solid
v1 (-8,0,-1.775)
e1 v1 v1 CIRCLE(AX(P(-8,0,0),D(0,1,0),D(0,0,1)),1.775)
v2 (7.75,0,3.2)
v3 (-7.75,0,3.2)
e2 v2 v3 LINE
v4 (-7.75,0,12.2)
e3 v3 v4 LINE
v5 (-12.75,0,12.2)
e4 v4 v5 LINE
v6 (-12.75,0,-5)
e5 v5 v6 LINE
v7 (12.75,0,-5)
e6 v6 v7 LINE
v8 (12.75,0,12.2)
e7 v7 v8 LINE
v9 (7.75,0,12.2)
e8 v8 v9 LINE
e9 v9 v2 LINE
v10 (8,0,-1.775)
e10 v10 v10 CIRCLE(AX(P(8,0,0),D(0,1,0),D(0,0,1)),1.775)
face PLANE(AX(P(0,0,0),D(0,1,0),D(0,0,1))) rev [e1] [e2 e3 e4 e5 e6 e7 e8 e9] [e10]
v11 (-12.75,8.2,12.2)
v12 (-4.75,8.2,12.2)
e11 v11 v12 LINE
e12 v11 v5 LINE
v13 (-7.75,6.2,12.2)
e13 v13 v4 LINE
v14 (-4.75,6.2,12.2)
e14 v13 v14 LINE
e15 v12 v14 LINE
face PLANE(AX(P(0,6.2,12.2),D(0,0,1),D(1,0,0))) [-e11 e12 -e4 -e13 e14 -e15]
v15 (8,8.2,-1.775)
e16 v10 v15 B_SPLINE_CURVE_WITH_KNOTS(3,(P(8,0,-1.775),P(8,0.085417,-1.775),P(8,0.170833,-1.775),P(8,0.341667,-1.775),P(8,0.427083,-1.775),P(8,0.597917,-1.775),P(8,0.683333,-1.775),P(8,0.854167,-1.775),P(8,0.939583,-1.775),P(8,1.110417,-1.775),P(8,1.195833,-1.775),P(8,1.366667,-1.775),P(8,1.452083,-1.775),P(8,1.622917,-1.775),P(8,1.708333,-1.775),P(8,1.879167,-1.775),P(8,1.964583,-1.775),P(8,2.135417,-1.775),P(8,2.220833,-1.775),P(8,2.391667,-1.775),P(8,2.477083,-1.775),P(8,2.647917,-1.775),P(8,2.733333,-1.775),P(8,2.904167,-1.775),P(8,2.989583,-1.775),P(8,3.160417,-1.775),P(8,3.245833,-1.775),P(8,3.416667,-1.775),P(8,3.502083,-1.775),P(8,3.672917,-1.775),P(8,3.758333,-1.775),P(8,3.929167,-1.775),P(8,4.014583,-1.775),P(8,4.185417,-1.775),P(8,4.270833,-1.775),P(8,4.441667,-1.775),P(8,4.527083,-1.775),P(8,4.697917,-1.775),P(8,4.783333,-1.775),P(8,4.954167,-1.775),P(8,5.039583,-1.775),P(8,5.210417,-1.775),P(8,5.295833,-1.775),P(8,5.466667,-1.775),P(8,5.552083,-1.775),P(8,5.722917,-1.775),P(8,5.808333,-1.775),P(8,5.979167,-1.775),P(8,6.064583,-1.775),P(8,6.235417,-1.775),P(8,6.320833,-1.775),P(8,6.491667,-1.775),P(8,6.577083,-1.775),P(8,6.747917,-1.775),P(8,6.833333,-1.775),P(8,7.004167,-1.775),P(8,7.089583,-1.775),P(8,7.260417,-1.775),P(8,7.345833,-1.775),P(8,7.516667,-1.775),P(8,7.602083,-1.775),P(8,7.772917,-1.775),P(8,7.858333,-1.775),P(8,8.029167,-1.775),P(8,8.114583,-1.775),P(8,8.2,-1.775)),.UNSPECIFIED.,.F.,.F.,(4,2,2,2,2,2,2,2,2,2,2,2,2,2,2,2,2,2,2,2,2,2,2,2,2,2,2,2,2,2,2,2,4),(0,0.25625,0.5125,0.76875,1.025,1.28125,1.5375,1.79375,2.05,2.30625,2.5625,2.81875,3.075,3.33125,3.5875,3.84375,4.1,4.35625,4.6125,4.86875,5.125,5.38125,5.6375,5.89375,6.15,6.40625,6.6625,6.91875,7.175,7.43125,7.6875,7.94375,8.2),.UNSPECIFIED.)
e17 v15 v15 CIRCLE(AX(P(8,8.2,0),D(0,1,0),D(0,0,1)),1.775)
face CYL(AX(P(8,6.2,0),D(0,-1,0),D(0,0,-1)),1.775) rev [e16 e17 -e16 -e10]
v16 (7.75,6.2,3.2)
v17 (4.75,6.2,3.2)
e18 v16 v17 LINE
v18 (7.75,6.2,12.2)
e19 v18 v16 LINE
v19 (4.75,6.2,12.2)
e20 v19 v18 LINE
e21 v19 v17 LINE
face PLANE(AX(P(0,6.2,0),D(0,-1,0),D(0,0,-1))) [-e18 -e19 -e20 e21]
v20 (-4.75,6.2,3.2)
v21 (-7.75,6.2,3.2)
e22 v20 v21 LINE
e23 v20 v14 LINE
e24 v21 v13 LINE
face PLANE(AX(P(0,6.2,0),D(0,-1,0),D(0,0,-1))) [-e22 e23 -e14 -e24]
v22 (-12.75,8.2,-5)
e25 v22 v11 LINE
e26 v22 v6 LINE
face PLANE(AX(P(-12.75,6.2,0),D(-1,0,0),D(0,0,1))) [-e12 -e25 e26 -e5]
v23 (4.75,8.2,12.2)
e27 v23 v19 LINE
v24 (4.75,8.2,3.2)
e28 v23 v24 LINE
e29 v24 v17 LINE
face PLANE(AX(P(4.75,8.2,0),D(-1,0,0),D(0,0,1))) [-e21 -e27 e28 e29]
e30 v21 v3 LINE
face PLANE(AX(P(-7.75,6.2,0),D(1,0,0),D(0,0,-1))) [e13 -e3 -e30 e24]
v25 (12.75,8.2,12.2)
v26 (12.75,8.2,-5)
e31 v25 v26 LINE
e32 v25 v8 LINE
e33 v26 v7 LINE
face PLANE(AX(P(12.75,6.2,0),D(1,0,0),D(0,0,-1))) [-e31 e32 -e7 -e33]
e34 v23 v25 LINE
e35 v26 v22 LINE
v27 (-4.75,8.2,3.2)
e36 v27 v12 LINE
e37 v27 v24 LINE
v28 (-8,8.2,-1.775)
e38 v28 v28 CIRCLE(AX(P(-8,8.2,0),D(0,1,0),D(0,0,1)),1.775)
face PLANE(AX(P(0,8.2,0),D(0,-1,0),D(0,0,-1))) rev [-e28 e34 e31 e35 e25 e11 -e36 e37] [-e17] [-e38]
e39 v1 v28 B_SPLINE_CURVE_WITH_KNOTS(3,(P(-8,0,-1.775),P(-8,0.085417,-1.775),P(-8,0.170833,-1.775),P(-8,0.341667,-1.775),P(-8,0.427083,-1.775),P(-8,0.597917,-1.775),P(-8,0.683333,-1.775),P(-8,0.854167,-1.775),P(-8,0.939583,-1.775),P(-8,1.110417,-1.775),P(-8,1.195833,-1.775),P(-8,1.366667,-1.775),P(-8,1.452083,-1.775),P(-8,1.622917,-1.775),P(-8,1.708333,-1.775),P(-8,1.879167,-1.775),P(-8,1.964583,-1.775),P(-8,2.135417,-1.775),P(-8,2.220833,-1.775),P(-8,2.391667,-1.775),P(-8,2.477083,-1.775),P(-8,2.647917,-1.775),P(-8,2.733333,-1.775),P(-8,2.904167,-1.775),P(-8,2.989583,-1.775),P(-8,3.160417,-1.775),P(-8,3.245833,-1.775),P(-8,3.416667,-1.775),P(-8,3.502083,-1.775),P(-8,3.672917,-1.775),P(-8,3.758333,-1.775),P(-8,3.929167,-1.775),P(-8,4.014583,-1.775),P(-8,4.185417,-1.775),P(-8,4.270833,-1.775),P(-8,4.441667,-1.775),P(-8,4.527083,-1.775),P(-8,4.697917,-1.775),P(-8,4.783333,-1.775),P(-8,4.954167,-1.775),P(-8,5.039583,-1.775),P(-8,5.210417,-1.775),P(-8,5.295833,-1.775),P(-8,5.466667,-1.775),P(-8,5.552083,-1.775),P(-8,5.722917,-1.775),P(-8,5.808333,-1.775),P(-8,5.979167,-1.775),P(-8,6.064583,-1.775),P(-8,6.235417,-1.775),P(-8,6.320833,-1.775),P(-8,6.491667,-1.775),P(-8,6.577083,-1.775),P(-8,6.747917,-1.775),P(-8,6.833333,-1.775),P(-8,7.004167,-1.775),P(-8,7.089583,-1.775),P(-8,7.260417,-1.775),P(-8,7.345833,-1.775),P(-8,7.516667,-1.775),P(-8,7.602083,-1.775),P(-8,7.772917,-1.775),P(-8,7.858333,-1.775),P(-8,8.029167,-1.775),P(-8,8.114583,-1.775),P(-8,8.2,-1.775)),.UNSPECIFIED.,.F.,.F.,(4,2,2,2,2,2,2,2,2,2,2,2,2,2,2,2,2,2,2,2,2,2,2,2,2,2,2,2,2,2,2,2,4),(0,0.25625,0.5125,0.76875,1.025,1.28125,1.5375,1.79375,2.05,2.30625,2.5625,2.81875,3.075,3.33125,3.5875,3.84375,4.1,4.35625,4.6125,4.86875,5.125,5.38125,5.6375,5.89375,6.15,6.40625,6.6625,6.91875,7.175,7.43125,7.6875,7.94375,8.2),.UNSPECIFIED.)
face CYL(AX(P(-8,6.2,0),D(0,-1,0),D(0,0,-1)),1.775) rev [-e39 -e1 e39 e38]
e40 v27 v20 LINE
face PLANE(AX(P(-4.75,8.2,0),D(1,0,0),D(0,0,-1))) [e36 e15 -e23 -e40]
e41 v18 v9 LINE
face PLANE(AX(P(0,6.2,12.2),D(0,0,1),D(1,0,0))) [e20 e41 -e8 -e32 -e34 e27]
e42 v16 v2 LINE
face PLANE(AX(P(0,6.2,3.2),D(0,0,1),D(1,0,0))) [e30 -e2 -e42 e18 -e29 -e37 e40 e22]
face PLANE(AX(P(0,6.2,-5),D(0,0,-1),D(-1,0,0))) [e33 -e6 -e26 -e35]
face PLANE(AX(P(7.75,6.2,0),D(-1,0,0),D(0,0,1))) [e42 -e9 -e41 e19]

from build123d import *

# Parameters (mm, degrees)
SKETCH1_R           = 1.775
BOSS_EXTRUDE1_DEPTH = 6.2
BOSS_EXTRUDE2_START = 6.2
SKETCH1_3_R         = 1.775
BOSS_EXTRUDE2_DEPTH = 2


with BuildPart() as part:
    # Sketch1 → Boss-Extrude1 (new body)
    with BuildSketch(Plane(origin=(0, 0, 0), x_dir=(1, 0, 0), z_dir=(0, 1, 0))):
        Polygon((-12.75, 5), (12.75, 5), (12.75, -12.2), (7.75, -12.2), (7.75, -3.2), (-7.75, -3.2), (-7.75, -12.2), (-12.75, -12.2), align=None)
        with Locations(Location((-8, 0, 0), (0, 0, 90))):
            Circle(SKETCH1_R, mode=Mode.SUBTRACT)
        with Locations(Location((8, 0, 0), (0, 0, 90))):
            Circle(SKETCH1_R, mode=Mode.SUBTRACT)
    extrude(amount=BOSS_EXTRUDE1_DEPTH)

    # Sketch1<3> → Boss-Extrude2 (add)
    with BuildSketch(Plane(origin=(0, 0, 0), x_dir=(1, 0, 0), z_dir=(0, 1, 0)).offset(BOSS_EXTRUDE2_START)):
        Polygon((12.75, 5), (-12.75, 5), (-12.75, -12.2), (-4.75, -12.2), (-4.75, -3.2), (4.75, -3.2), (4.75, -12.2), (12.75, -12.2), align=None)
        with Locations(Location((-8, 0, 0), (0, 0, 90))):
            Circle(SKETCH1_3_R, mode=Mode.SUBTRACT)
        with Locations(Location((8, 0, 0), (0, 0, 90))):
            Circle(SKETCH1_3_R, mode=Mode.SUBTRACT)
    extrude(amount=BOSS_EXTRUDE2_DEPTH)


solid = part.part
